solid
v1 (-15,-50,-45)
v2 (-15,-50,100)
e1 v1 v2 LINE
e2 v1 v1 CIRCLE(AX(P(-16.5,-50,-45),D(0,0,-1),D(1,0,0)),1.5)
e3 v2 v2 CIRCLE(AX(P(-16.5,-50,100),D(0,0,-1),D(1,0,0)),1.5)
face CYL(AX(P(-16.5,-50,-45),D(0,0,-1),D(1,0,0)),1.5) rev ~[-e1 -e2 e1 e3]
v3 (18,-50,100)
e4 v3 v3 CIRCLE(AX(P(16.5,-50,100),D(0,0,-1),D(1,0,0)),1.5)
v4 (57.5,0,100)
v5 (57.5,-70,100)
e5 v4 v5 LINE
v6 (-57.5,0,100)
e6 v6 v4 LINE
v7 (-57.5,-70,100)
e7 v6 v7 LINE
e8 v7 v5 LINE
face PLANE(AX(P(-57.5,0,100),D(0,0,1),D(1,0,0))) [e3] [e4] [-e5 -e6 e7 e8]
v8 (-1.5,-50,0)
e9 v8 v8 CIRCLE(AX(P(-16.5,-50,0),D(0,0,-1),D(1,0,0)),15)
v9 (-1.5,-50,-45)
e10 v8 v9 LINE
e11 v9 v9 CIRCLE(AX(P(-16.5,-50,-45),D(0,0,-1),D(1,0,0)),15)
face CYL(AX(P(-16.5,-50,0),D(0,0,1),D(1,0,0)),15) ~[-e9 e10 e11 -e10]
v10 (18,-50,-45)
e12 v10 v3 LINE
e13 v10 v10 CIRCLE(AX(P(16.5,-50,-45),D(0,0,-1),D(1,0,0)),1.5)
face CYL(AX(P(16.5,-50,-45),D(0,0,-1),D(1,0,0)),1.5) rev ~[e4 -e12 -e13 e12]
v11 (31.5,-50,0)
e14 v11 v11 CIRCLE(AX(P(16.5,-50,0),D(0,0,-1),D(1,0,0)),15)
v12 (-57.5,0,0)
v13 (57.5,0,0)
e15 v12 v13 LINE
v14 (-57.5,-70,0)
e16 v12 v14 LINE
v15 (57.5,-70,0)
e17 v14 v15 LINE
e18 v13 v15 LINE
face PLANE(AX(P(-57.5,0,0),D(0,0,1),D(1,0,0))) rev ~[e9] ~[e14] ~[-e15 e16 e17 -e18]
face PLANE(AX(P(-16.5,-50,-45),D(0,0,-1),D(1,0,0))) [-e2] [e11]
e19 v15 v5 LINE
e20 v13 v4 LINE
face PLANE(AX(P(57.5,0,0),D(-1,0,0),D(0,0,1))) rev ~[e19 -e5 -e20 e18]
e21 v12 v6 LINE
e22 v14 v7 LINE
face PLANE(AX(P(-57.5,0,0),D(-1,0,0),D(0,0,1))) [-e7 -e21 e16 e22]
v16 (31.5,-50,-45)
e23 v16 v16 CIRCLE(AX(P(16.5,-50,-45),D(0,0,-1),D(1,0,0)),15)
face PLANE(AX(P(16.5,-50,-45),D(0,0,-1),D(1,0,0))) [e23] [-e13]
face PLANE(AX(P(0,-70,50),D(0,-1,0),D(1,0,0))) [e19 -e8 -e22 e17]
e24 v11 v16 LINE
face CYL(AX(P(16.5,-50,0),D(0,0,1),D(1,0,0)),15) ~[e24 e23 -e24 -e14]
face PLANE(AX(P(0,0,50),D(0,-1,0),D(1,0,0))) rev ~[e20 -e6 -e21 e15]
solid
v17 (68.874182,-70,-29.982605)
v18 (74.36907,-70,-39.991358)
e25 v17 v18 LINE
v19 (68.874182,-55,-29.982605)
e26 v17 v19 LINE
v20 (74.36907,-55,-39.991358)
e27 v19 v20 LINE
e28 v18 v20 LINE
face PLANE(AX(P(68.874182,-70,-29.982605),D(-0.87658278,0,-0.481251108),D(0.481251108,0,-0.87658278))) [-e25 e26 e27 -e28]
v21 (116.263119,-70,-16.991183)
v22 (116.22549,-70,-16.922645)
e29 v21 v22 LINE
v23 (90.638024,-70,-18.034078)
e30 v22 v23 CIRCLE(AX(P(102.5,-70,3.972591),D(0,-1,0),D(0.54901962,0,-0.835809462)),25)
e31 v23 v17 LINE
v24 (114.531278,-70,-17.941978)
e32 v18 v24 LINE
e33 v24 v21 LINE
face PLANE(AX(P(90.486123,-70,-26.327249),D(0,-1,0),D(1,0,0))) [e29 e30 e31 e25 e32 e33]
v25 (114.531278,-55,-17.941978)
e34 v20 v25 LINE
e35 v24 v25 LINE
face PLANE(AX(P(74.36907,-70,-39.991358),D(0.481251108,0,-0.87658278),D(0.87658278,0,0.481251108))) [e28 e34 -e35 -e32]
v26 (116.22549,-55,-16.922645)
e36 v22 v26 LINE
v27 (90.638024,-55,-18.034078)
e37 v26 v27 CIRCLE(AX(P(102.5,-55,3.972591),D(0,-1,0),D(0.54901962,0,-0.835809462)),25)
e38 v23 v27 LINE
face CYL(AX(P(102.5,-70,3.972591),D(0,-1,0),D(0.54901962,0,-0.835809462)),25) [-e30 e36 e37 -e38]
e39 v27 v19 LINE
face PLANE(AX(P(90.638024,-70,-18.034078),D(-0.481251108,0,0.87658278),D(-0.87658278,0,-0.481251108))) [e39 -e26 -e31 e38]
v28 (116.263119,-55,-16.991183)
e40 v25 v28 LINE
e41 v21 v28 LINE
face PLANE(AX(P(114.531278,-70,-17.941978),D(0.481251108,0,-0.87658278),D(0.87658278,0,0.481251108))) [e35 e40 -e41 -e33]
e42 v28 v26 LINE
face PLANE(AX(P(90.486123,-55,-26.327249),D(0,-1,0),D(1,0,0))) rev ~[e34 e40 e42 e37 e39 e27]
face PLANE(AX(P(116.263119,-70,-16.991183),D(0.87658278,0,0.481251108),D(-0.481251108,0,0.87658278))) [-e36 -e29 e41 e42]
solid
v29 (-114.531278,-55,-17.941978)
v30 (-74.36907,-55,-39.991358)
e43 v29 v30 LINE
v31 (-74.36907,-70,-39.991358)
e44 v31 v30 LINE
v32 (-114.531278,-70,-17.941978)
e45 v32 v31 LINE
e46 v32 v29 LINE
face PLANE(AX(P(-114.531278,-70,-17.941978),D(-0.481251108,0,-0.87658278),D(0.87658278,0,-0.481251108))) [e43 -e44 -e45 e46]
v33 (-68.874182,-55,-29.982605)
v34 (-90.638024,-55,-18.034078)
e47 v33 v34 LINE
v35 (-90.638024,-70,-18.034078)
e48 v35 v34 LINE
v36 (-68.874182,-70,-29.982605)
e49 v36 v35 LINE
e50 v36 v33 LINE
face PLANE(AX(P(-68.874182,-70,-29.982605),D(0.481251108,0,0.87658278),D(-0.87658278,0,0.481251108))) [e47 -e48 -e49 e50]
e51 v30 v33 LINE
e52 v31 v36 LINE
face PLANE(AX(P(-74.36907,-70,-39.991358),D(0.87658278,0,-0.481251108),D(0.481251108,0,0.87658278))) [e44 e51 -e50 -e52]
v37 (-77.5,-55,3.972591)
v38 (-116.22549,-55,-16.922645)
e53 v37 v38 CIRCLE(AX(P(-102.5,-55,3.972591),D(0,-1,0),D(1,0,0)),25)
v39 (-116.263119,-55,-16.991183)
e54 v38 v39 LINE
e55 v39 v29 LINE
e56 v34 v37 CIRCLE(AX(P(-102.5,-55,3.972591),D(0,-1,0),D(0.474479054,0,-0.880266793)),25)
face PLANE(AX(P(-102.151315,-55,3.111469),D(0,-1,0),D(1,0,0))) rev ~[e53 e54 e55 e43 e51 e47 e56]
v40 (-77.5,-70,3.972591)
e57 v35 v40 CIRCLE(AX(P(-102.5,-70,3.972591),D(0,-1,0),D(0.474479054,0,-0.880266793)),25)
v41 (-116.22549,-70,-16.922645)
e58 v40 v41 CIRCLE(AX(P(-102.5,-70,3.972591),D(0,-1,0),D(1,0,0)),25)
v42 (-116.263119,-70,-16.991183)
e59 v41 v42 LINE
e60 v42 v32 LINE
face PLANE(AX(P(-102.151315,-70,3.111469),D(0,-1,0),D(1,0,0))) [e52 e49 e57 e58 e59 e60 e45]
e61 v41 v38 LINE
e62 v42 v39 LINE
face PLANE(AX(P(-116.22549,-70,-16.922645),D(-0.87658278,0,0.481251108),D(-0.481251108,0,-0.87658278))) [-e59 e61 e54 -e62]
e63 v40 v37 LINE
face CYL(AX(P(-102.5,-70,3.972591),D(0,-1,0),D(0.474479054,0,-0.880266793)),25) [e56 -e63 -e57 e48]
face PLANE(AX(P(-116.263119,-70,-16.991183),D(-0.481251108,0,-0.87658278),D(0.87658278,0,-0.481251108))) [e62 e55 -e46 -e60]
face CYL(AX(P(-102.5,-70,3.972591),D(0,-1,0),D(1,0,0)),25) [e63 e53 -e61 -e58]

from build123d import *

# Parameters (mm, degrees)
F0_W     = 115
F0_H     = 100
F1_DEPTH = 70
F2_R     = 15
F3_DEPTH = 45
F5_DEPTH = 15
F6_R     = 1.5
F7_DEPTH = 145.001


with BuildPart() as f1:
    # F0 (on Front) → F1 (new body)
    with BuildSketch(Plane.XZ):
        with Locations((0, 50)):
            Rectangle(F0_W, F0_H)
    extrude(amount=F1_DEPTH)

    # F2 (on face) → F3 (join)
    with BuildSketch(Plane(origin=(0, 0, 0), x_dir=(1, 0, 0), z_dir=(0, 0, -1))):
        with Locations((-16.5, 50)):
            Circle(F2_R)
        with Locations((16.5, 50)):
            Circle(F2_R)
    extrude(amount=F3_DEPTH)

    # F6 (on face) → F7 (cut, through all)
    with BuildSketch(Plane(origin=(0, 0, -45), x_dir=(1, 0, 0), z_dir=(0, 0, -1))):
        with Locations((-16.5, 50)):
            Circle(F6_R)
        with Locations((16.5, 50)):
            Circle(F6_R)
    extrude(amount=-F7_DEPTH, mode=Mode.SUBTRACT)


with BuildPart() as f5:
    # F4 (on face) → F5 (new body)
    with BuildSketch(Plane.XZ.offset(70)):
        with BuildLine():
            ThreePointArc((-90.6380236441, -18.0340784617), (-81.0343366175, -8.8424504028), (-77.5, 3.9725913666))
            ThreePointArc((-77.5, 3.9725913666), (-114.3714518406, 25.9741511112), (-116.2254904956, -16.9226451875))
            Line((-116.2254904956, -16.9226451875), (-110.7682311715, -6.9824300553))
            Line((-110.7682311715, -6.9824300553), (-90.6380236441, -18.0340784617))
        make_face()
        with BuildLine():
            Line((-110.7682311715, -6.9824300553), (-116.2254904956, -16.9226451875))
            ThreePointArc((-116.2254904956, -16.9226451875), (-115.3884653253, -17.4490673357), (-114.5312778232, -17.941978078))
            ThreePointArc((-114.5312778232, -17.941978078), (-102.5963657972, -21.0272229054), (-90.6380236441, -18.0340784617))
            Line((-90.6380236441, -18.0340784617), (-110.7682311715, -6.9824300553))
        make_face()
        with BuildLine():
            ThreePointArc((-114.5312778232, -17.941978078), (-115.3884653253, -17.4490673357), (-116.2254904956, -16.9226451875))
            Line((-116.2254904956, -16.9226451875), (-116.2631185248, -16.9911833828))
            Line((-116.2631185248, -16.9911833828), (-114.5312778232, -17.941978078))
        make_face()
        with BuildLine():
            Line((-68.8741824748, -29.9826050851), (-90.6380236441, -18.0340784617))
            ThreePointArc((-90.6380236441, -18.0340784617), (-102.5963657972, -21.0272229054), (-114.5312778232, -17.941978078))
            Line((-114.5312778232, -17.941978078), (-74.3690698281, -39.9913584125))
            Line((-74.3690698281, -39.9913584125), (-68.8741824748, -29.9826050851))
        make_face()
    extrude(amount=-F5_DEPTH)


with BuildPart() as f5b:
    # F4 (on face) → F5, piece 2 (new body)
    with BuildSketch(Plane.XZ.offset(70)):
        with BuildLine():
            Line((90.6380236441, -18.0340784617), (68.8741824748, -29.9826050851))
            Line((68.8741824748, -29.9826050851), (74.3690698281, -39.9913584125))
            Line((74.3690698281, -39.9913584125), (114.5312776752, -17.9419781592))
            ThreePointArc((114.5312776752, -17.9419781592), (102.5963657128, -21.0272229057), (90.6380236441, -18.0340784617))
        make_face()
        with BuildLine():
            ThreePointArc((127.5, 3.9725913666), (89.6849582306, 25.4382547491), (90.6380236441, -18.0340784617))
            Line((90.6380236441, -18.0340784617), (110.7682311715, -6.9824300553))
            Line((110.7682311715, -6.9824300553), (116.2254904956, -16.9226451875))
            ThreePointArc((116.2254904956, -16.9226451875), (124.5015597446, -7.898860474), (127.5, 3.9725913666))
        make_face()
        with BuildLine():
            Line((110.7682311715, -6.9824300553), (90.6380236441, -18.0340784617))
            ThreePointArc((90.6380236441, -18.0340784617), (102.5963657128, -21.0272229057), (114.5312776752, -17.9419781592))
            ThreePointArc((114.5312776752, -17.9419781592), (115.388465253, -17.4490673792), (116.2254904956, -16.9226451875))
            Line((116.2254904956, -16.9226451875), (110.7682311715, -6.9824300553))
        make_face()
        with BuildLine():
            ThreePointArc((116.2254904956, -16.9226451875), (115.388465253, -17.4490673792), (114.5312776752, -17.9419781592))
            Line((114.5312776752, -17.9419781592), (116.2631185248, -16.9911833828))
            Line((116.2631185248, -16.9911833828), (116.2254904956, -16.9226451875))
        make_face()
    extrude(amount=-F5_DEPTH)


solid = Compound([f1.part, f5.part, f5b.part])
